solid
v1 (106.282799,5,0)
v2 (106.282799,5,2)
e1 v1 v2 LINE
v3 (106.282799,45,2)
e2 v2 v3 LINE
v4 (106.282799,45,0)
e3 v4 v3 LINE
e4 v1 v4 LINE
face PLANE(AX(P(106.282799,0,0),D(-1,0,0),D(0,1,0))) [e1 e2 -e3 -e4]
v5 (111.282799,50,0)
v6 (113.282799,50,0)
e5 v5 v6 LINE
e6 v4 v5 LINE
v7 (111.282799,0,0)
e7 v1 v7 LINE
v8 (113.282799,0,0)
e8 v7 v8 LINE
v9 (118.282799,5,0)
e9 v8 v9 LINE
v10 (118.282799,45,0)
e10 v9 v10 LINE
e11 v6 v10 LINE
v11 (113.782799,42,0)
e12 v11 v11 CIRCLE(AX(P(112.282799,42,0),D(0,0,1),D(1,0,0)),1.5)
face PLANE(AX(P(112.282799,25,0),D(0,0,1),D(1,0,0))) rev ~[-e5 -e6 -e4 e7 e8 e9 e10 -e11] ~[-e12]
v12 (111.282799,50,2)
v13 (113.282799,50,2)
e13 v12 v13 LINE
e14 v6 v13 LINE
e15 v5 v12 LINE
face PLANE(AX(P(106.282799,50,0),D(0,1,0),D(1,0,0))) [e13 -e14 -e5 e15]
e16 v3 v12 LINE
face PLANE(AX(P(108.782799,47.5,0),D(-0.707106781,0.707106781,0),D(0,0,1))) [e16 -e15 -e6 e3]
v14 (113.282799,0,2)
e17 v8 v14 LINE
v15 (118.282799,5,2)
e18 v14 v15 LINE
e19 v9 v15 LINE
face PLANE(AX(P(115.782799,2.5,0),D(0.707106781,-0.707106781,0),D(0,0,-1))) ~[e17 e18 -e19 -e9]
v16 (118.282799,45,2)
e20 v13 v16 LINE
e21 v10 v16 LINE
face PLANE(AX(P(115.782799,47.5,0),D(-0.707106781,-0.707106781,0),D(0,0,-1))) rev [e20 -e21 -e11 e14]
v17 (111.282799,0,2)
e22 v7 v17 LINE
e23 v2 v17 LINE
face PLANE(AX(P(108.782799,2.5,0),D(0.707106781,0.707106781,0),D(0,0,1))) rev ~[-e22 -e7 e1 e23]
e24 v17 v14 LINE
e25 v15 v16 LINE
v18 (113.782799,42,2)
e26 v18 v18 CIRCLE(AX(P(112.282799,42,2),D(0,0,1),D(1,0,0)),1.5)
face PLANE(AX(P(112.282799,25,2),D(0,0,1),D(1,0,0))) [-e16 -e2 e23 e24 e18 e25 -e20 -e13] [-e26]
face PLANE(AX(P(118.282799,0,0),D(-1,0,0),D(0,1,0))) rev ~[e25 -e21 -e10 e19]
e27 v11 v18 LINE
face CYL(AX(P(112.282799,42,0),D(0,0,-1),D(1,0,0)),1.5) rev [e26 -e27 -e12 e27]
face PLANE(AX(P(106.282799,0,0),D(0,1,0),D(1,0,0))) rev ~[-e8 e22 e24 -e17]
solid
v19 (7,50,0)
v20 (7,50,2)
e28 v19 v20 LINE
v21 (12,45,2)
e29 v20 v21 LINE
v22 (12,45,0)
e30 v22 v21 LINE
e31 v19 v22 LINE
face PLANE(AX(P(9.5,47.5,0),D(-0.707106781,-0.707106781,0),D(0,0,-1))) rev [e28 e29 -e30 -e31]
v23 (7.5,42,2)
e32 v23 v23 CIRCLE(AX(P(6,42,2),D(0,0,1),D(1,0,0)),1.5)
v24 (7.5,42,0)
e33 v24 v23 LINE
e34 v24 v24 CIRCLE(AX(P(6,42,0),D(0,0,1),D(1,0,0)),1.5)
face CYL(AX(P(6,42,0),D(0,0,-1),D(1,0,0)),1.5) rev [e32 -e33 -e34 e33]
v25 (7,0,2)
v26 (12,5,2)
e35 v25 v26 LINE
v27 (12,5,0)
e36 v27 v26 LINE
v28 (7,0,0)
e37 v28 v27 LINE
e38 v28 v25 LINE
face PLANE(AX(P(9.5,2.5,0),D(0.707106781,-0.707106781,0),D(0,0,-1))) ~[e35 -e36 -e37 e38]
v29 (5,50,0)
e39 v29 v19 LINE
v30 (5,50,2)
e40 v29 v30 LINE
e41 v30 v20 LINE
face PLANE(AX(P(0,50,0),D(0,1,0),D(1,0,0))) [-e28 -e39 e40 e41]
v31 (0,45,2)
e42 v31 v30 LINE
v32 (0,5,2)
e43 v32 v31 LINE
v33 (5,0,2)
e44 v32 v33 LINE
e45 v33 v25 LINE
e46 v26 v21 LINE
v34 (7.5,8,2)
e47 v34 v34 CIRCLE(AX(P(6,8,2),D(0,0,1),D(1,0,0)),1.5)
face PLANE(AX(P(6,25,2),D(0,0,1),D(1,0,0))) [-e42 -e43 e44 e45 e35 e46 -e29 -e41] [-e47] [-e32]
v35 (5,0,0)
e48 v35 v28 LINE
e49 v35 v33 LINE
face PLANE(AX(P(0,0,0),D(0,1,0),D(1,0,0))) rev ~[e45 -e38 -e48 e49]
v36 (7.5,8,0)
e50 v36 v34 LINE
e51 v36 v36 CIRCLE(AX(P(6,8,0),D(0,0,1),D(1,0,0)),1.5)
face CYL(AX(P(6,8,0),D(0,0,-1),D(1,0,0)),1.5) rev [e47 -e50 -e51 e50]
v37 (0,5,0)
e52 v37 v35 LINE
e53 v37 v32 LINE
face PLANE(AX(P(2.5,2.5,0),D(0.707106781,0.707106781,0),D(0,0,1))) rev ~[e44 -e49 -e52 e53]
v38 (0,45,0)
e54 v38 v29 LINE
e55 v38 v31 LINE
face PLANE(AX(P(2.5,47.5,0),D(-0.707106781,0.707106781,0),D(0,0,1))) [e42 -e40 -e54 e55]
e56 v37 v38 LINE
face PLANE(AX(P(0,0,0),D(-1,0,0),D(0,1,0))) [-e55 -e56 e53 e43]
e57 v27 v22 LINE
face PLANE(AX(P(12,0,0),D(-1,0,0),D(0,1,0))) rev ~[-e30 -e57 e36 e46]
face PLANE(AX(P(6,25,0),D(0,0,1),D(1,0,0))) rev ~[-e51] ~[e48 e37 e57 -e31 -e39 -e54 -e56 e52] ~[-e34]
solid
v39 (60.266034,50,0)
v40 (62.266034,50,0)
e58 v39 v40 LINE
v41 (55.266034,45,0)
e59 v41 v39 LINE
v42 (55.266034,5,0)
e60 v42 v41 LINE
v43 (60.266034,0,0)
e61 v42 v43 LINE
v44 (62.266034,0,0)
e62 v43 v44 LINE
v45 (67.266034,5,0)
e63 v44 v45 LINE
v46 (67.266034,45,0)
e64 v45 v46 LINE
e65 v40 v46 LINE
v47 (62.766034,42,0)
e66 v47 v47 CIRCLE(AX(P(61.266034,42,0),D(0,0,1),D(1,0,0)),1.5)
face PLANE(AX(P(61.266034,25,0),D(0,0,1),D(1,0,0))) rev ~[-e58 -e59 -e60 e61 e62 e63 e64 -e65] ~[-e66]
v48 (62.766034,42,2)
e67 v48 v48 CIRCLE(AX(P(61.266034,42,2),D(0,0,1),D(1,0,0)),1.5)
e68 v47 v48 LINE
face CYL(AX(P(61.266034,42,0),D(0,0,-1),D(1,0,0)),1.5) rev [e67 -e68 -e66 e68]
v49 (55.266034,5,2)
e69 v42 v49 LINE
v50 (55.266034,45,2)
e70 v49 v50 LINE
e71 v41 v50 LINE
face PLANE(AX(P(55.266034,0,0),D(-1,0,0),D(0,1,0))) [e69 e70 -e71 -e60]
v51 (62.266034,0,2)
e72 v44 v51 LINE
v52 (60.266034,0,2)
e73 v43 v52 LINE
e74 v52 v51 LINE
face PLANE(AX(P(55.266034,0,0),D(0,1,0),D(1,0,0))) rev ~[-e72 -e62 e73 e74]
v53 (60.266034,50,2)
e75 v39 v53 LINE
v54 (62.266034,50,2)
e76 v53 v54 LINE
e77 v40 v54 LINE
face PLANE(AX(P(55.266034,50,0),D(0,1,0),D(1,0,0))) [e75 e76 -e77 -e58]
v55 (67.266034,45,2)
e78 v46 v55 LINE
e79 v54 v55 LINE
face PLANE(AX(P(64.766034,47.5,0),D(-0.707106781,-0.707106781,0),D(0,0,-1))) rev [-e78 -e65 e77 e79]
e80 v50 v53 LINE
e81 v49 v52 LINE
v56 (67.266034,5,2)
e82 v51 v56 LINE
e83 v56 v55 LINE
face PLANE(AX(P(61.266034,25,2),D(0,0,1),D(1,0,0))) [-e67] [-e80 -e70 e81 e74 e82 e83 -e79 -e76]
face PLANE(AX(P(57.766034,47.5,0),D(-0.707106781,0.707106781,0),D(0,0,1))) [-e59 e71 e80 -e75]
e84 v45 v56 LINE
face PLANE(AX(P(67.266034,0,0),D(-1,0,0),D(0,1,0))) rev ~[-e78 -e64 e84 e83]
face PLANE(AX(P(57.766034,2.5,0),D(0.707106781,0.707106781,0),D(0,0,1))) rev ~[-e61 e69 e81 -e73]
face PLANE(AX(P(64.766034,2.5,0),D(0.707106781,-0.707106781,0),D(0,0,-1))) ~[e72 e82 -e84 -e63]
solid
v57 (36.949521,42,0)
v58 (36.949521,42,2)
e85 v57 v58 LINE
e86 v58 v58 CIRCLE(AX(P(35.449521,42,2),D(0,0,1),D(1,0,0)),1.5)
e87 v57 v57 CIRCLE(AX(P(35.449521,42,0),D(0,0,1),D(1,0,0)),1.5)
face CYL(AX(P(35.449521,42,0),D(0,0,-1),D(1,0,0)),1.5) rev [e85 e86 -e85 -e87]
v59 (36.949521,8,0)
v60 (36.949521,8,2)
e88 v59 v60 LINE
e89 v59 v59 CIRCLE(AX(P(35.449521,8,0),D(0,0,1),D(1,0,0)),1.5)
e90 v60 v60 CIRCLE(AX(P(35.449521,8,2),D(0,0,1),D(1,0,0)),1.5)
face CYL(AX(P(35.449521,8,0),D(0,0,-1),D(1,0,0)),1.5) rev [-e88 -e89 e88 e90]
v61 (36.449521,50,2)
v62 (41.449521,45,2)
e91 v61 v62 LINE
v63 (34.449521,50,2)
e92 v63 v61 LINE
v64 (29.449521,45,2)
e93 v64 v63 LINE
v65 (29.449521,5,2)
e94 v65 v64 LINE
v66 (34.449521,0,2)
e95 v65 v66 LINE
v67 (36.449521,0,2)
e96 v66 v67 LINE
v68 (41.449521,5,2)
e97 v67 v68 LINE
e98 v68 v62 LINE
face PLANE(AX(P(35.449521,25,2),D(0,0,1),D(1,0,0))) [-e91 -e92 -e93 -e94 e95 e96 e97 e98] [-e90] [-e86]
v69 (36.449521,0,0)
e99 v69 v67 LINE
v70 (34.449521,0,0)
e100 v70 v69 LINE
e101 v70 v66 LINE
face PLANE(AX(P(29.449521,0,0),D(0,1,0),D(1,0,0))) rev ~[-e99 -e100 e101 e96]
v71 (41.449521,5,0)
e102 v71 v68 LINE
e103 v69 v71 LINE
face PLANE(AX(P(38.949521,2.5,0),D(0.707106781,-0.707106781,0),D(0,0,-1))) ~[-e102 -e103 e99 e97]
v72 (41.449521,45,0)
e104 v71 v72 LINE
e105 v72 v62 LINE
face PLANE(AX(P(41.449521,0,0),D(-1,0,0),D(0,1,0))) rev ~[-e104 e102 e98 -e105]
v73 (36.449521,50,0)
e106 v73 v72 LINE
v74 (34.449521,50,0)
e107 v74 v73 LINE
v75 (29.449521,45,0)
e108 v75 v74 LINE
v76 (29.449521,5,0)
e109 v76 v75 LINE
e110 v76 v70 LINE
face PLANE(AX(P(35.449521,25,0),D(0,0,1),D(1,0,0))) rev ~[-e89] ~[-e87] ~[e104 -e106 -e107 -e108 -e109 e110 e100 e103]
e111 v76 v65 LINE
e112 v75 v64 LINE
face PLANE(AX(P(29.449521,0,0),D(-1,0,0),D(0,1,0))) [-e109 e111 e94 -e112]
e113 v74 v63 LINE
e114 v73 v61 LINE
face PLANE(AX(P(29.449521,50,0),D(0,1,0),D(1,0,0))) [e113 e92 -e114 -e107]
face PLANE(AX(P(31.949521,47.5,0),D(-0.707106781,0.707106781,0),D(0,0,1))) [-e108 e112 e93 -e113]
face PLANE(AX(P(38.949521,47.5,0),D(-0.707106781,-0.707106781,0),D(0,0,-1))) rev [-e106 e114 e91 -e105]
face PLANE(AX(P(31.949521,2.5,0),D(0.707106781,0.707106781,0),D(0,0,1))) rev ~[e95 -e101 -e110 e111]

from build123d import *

# Parameters (mm, degrees)
F0_W     = 12
F0_H     = 50
F0_R     = 1.5
F1_DEPTH = 2
F2_SIZE  = 5


with BuildPart() as f1:
    # F0 (on Top) → F1 (new body)
    with BuildSketch(Plane.XY):
        with Locations((35.449521, 25)):
            Rectangle(F0_W, F0_H)
        with Locations((35.449521, 8)):
            Circle(F0_R, mode=Mode.SUBTRACT)
        with Locations((35.449521, 42)):
            Circle(F0_R, mode=Mode.SUBTRACT)
        with Locations((61.266034, 25)):
            Rectangle(F0_W, F0_H)
        with Locations((61.266034, 42)):
            Circle(F0_R, mode=Mode.SUBTRACT)
        with Locations((112.282799, 25)):
            Rectangle(F0_W, F0_H)
        with Locations((112.282799, 42)):
            Circle(F0_R, mode=Mode.SUBTRACT)
        with Locations((6, 25)):
            Rectangle(F0_W, F0_H)
        with Locations((6, 8)):
            Circle(F0_R, mode=Mode.SUBTRACT)
        with Locations((6, 42)):
            Circle(F0_R, mode=Mode.SUBTRACT)
    extrude(amount=F1_DEPTH)

    # F2
    f2_edges = [f1.edges().sort_by_distance(p)[0] for p in [
        (118.282799, 0, 1),
        (67.266034, 0, 1),
        (41.449521, 0, 1),
        (12, 0, 1),
        (0, 0, 1),
        (29.449521, 0, 1),
        (55.266034, 0, 1),
        (106.282799, 0, 1),
        (118.282799, 50, 1),
        (67.266034, 50, 1),
        (41.449521, 50, 1),
        (12, 50, 1),
        (106.282799, 50, 1),
        (55.266034, 50, 1),
        (29.449521, 50, 1),
        (0, 50, 1),
    ]]
    chamfer(f2_edges, length=F2_SIZE)


solid = f1.part
